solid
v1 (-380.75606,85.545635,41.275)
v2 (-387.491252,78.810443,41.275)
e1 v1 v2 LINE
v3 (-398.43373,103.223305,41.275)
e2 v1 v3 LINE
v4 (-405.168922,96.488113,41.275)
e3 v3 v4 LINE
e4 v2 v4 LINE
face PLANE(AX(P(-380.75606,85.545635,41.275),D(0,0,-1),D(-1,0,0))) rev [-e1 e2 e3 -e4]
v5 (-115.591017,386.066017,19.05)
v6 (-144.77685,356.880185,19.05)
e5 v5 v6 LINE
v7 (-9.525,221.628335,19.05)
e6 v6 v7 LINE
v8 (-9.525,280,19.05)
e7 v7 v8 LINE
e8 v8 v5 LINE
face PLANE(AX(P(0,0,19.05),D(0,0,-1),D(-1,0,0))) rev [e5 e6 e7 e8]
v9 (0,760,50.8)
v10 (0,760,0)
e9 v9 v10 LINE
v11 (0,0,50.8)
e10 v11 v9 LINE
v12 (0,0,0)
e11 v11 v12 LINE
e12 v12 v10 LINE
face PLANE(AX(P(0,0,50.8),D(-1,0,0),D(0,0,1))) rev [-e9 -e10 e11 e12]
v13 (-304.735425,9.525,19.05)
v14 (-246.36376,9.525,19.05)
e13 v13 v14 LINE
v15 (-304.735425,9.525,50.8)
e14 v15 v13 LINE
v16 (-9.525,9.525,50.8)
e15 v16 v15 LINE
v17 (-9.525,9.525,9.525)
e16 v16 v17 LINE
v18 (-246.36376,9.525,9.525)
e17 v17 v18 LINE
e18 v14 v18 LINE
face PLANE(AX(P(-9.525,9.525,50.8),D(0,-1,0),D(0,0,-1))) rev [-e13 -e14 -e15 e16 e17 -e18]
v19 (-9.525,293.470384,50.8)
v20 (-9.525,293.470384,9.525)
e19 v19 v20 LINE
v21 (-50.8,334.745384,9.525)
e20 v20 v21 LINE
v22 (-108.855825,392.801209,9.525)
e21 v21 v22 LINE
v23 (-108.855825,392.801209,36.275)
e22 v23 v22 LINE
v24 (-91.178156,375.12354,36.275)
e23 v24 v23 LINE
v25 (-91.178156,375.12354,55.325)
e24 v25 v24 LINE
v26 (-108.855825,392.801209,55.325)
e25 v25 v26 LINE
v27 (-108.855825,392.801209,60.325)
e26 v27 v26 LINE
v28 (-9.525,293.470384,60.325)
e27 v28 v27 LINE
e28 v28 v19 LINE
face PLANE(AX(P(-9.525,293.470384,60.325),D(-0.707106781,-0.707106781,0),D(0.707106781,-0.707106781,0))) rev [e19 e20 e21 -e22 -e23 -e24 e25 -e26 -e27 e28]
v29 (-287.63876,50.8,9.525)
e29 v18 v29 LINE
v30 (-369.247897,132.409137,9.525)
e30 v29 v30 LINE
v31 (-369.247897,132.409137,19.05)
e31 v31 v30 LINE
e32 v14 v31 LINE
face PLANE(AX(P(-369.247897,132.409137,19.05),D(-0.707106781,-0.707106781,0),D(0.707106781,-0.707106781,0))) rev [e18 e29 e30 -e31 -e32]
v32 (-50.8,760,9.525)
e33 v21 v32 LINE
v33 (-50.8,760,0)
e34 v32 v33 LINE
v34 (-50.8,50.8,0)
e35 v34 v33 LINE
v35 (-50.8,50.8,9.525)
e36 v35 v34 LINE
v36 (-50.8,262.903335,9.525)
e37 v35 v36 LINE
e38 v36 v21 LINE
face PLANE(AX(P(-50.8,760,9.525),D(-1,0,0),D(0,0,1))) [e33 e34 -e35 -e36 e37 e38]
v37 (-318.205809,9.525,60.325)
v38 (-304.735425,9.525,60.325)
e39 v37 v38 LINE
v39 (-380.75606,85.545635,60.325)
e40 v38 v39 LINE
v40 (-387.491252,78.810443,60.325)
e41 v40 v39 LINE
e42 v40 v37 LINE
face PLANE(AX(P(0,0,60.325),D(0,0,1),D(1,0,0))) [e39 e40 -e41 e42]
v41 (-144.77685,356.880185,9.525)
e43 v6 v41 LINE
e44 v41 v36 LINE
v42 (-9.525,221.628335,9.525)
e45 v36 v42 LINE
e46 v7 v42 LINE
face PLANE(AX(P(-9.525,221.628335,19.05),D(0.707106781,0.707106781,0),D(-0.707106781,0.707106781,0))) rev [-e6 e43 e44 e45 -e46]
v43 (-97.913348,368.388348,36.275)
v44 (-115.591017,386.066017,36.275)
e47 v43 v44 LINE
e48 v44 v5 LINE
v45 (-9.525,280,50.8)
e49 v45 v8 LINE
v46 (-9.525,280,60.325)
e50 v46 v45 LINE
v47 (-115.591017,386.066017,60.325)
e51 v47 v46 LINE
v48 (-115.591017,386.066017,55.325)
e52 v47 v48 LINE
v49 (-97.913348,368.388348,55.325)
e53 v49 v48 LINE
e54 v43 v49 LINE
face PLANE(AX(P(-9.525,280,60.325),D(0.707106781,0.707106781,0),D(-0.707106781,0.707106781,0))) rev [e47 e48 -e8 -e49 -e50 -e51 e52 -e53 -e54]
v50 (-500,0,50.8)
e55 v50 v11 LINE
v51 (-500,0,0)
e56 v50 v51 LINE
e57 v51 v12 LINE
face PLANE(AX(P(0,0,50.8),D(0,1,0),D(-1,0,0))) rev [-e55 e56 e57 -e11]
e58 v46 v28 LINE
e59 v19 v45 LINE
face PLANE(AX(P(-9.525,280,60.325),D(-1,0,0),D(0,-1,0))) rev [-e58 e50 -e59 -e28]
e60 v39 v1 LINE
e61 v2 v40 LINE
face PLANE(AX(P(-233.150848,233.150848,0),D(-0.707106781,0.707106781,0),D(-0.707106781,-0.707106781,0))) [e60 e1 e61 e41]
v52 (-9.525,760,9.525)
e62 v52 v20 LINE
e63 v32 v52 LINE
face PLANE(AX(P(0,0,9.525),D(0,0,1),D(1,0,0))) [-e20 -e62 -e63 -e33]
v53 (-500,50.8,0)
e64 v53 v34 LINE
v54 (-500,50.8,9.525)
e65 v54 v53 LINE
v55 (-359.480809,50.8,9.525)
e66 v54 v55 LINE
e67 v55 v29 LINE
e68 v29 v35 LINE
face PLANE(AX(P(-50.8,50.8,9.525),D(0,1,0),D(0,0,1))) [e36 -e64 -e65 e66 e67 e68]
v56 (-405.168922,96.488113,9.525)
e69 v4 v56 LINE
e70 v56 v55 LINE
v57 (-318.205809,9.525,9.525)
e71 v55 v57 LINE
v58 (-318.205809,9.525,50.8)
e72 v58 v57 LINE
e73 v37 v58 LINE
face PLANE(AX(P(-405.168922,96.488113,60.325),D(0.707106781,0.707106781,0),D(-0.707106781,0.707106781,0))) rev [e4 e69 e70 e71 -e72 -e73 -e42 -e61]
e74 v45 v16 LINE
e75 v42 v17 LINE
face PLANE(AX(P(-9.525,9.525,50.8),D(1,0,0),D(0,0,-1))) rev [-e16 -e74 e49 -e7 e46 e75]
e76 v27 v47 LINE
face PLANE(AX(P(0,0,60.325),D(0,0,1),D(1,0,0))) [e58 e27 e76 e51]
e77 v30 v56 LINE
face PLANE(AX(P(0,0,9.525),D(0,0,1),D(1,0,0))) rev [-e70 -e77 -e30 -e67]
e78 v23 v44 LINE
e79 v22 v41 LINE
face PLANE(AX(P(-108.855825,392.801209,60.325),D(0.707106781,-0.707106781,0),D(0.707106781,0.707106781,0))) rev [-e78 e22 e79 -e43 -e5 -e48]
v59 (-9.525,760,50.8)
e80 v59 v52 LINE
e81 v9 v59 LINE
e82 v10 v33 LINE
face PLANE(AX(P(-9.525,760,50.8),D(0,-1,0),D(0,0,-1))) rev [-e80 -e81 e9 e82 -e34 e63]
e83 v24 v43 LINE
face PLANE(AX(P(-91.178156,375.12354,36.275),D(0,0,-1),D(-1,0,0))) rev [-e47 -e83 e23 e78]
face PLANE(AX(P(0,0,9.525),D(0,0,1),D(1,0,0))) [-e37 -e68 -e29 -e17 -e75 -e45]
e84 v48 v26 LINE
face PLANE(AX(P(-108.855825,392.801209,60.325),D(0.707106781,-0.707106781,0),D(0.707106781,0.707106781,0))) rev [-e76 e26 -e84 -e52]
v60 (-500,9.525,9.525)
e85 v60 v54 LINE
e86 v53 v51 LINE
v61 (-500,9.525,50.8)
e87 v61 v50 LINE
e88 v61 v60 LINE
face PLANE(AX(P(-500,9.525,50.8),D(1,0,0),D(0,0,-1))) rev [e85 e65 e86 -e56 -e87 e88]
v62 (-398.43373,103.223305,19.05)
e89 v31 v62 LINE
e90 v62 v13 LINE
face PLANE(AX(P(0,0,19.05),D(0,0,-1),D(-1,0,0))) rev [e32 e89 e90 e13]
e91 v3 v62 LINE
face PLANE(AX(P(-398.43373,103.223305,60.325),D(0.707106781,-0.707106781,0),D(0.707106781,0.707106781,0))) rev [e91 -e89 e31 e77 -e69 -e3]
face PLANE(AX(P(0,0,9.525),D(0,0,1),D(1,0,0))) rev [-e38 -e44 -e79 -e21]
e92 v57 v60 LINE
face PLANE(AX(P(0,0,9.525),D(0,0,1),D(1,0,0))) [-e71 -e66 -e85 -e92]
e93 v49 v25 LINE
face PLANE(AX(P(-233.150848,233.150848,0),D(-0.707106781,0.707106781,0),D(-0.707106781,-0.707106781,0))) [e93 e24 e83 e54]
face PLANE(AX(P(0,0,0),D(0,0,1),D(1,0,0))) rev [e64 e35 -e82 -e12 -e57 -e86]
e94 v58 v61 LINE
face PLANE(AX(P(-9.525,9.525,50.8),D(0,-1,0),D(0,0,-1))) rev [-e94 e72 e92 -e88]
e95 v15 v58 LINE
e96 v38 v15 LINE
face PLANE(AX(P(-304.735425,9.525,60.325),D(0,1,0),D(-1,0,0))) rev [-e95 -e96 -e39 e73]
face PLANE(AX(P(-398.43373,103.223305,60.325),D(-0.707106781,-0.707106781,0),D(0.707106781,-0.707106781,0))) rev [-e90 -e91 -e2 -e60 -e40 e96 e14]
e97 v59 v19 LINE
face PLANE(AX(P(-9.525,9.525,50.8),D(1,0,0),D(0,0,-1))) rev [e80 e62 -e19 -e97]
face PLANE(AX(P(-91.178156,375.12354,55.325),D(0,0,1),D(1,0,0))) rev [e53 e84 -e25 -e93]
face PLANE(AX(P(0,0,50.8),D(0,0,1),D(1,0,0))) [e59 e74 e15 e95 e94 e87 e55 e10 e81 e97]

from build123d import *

# Parameters (mm, degrees)
SALIENTE_EXTRUIR1_DEPTH = 50.8
SALIENTE_EXTRUIR2_DEPTH = 9.525
SALIENTE_EXTRUIR3_DEPTH = 50.8
SALIENTE_EXTRUIR4_DEPTH = 9.525
CROQUIS5_W              = 19.05
CROQUIS5_H              = 9.525
CORTAR_EXTRUIR1_DEPTH   = 25


with BuildPart() as part:
    # Croquis1 → Saliente-Extruir1 (new body)
    with BuildSketch(Plane.XY):
        Polygon((0, 0), (0, 760), (-9.525, 760), (-9.525, 9.525), (-500, 9.525), (-500, 0), align=None)
    extrude(amount=SALIENTE_EXTRUIR1_DEPTH)

    # Croquis2 → Saliente-Extruir2 (add)
    with BuildSketch(Plane(origin=(0, 0, 0), x_dir=(-1, 0, 0), z_dir=(0, 0, -1))):
        Polygon((0, 760), (0, 0), (500, 0), (500, 50.8), (50.8, 50.8), (50.8, 760), align=None)
    extrude(amount=-SALIENTE_EXTRUIR2_DEPTH)

    # Croquis3 → Saliente-Extruir3 (add)
    with BuildSketch(Plane.XY.offset(9.525)):
        Polygon((-9.525, 280), (-115.591017178, 386.066017178), (-108.855825087, 392.801209269), (-9.525, 293.470384182), align=None)
        Polygon((-304.735424949, 9.525), (-318.205809131, 9.525), (-405.168921743, 96.488112613), (-398.433729653, 103.223304703), align=None)
    extrude(amount=SALIENTE_EXTRUIR3_DEPTH)

    # Croquis4 → Saliente-Extruir4 (add)
    with BuildSketch(Plane.XY.offset(9.525)):
        Polygon((-9.525, 280), (-115.591017178, 386.066017178), (-144.776849571, 356.880184785), (-9.525, 221.628335213), align=None)
        Polygon((-398.433729653, 103.223304703), (-304.735424949, 9.525), (-246.363760162, 9.525), (-369.247897259, 132.409137097), align=None)
    extrude(amount=SALIENTE_EXTRUIR4_DEPTH)

    # Croquis5 → Cortar-Extruir1 (cut)
    with BuildSketch(Plane(origin=(-250.828517178, 250.828517178, 0), x_dir=(0, 0, 1), z_dir=(-0.7071067811865419, 0.7071067811865532, 0))):
        with Locations((45.8, 196.017206641)):
            Rectangle(CROQUIS5_W, CROQUIS5_H)
        with Locations((50.8, -213.507793359)):
            Rectangle(CROQUIS5_W, CROQUIS5_H)
    extrude(amount=-CORTAR_EXTRUIR1_DEPTH, mode=Mode.SUBTRACT)


solid = part.part
